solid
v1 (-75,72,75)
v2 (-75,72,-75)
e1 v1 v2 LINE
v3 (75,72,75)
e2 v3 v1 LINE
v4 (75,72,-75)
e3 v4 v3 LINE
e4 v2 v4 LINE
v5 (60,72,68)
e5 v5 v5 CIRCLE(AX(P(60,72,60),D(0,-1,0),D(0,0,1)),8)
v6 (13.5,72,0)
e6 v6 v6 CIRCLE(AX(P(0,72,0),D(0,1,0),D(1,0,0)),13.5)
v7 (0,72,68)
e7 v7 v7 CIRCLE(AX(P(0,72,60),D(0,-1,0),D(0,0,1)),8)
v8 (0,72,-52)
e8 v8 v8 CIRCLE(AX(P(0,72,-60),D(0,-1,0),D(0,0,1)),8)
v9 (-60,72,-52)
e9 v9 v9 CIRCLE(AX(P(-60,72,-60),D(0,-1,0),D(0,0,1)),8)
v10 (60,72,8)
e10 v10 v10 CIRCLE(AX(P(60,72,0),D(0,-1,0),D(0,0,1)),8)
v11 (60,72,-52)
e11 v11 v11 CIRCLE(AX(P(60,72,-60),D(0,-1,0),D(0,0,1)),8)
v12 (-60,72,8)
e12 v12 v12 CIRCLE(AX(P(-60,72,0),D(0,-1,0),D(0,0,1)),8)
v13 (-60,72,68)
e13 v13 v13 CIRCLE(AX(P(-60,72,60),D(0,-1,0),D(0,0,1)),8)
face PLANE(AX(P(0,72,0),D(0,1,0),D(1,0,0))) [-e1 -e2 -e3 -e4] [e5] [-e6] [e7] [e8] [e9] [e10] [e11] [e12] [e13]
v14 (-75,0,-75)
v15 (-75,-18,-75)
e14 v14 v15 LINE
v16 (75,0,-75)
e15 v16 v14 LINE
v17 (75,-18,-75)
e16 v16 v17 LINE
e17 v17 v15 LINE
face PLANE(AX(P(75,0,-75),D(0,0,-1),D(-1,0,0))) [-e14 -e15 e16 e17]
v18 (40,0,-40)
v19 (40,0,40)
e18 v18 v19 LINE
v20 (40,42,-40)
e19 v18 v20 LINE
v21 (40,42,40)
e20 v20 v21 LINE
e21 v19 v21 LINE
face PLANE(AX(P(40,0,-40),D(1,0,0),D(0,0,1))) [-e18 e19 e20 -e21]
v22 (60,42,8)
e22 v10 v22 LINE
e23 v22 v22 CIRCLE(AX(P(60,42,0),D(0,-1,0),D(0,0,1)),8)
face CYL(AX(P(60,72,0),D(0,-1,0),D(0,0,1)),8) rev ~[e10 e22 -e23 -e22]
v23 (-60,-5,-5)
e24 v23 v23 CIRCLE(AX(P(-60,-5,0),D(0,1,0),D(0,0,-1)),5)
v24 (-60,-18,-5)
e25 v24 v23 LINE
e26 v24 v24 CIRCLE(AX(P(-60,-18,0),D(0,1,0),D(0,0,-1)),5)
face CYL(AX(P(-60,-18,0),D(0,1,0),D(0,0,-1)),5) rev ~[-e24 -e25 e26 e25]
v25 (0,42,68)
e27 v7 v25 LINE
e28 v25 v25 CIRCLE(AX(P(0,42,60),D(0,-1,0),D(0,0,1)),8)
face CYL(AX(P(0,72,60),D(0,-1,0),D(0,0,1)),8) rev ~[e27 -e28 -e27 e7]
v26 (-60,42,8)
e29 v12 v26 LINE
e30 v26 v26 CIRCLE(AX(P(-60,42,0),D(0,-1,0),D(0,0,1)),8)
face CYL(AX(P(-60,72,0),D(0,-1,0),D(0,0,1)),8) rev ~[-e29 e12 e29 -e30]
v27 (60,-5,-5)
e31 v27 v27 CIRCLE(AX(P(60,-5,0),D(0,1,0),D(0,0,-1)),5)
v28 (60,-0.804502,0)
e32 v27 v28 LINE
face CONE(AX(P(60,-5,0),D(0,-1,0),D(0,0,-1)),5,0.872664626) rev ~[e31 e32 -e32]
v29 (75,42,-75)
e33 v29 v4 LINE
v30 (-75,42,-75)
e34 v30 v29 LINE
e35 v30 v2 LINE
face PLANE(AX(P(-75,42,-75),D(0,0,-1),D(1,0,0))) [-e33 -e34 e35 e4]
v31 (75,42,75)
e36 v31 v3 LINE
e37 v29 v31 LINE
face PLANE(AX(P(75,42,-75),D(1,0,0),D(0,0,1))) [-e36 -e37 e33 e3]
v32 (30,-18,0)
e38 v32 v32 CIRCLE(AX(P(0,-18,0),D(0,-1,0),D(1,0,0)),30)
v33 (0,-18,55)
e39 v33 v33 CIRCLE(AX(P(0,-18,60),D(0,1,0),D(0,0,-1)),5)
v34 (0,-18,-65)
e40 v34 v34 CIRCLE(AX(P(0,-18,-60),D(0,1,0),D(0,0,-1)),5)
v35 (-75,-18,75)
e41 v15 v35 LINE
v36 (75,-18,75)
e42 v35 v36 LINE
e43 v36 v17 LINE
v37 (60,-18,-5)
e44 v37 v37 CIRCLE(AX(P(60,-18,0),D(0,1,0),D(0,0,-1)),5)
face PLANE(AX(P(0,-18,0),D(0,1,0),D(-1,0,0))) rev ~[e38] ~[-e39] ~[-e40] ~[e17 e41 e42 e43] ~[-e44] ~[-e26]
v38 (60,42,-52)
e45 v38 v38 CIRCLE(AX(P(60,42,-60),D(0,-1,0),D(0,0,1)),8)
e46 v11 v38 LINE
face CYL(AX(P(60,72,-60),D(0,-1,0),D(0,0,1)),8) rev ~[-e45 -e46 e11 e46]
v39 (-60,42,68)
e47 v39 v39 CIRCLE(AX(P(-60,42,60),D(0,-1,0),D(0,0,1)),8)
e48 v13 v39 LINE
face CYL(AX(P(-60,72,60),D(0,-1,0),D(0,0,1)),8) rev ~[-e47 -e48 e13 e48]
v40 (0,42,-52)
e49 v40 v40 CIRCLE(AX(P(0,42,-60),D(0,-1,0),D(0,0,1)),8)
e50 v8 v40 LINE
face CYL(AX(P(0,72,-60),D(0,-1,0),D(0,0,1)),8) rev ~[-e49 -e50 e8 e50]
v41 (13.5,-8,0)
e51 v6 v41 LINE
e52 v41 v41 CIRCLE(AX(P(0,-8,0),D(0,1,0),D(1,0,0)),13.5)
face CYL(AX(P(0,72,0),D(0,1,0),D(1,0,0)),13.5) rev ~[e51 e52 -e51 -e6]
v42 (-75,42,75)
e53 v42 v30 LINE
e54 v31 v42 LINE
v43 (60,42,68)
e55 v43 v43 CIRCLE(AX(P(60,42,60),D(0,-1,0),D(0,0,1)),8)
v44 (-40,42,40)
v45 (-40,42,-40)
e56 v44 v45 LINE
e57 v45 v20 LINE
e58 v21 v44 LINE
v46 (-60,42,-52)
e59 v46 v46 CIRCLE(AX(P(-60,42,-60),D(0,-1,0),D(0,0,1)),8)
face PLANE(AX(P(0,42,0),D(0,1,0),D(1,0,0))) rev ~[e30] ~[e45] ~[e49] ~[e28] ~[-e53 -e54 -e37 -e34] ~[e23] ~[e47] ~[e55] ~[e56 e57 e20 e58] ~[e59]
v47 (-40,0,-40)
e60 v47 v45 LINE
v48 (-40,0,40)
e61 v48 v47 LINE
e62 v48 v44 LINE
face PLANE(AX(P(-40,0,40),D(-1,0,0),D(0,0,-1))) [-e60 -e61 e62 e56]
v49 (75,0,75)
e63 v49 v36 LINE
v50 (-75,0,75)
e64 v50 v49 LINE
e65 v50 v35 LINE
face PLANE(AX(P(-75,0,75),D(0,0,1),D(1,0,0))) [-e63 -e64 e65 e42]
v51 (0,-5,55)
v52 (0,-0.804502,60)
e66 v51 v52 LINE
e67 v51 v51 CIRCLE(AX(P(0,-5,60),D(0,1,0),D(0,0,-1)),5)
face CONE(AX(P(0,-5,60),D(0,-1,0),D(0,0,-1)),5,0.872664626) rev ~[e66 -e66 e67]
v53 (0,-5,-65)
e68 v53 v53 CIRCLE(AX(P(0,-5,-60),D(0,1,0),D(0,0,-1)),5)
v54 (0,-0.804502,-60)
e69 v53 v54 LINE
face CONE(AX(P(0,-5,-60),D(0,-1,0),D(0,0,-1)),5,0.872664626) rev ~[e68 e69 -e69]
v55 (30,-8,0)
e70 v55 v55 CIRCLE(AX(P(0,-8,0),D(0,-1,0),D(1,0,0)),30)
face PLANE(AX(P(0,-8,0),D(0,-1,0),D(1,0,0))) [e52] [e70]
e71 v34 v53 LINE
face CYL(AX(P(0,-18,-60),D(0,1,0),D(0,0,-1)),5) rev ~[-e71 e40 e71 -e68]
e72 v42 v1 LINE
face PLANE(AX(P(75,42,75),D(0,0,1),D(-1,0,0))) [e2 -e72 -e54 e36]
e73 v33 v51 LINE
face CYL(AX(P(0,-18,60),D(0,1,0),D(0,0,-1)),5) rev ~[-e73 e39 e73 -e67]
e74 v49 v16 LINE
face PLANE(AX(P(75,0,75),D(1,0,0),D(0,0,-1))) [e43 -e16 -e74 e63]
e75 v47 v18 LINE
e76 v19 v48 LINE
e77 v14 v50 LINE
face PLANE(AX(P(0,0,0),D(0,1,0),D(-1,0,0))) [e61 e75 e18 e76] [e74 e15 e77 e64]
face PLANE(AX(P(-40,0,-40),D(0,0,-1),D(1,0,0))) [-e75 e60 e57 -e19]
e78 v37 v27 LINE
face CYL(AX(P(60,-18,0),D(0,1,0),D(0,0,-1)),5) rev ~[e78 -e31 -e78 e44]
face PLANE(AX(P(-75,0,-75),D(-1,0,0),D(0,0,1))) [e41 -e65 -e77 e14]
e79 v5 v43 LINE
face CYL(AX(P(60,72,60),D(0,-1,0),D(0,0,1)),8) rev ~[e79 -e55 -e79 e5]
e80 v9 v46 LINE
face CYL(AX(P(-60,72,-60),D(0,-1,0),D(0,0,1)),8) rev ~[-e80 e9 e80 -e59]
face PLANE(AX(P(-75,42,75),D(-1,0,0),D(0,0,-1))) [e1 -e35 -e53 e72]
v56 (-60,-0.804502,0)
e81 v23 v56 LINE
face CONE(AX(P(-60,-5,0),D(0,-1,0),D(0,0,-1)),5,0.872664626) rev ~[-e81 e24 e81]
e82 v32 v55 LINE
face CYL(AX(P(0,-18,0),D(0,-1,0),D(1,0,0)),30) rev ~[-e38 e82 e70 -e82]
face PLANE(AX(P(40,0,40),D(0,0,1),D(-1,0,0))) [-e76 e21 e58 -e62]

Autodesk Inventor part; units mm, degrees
ref_plane "YZ Plane" through (0, 0, 0) normal (1, 0, 0) x (0, 1, 0)
ref_plane "XZ Plane" through (0, 0, 0) normal (0, 1, 0) x (-1, 0, 0)
ref_plane "XY Plane" through (0, 0, 0) normal (0, 0, 1) x (1, 0, 0)
sketch "Sketch1" plane through (0, 0, 0) normal (0, 1, 0) x (-1, 0, 0)
  line L0 (-75, -75) -> (75, -75)
  line L1 (75, -75) -> (75, 75)
  line L2 (75, 75) -> (-75, 75)
  line L3 (-75, 75) -> (-75, -75)
  line L4 (-75, -75) -> (75, 75) construction
  line L5 (75, -75) -> (-75, 75) construction
  point P0 (0, 0)
  dimension "d0" = 150
  dimension "d1" = 150
extrude "Extrusion1" add sketch "Sketch1" against normal blind 18
sketch "Sketch2" plane through (0, -18, 0) normal (0, -1, 0) x (1, 0, 0)
  circle A0 centre (0, 0) radius 30
  line L0 (-60, -60) -> (60, -60) construction
  line L1 (60, -60) -> (60, 60) construction
  line L2 (60, 60) -> (-60, 60) construction
  line L3 (-60, 60) -> (-60, -60) construction
  line L4 (-60, -60) -> (60, 60) construction
  line L5 (60, -60) -> (-60, 60) construction
  dimension "d4" = 60
  dimension "d5" = 120
  dimension "d6" = 120
extrude "Extrusion2" cut sketch "Sketch2" against normal blind 10
sketch "Sketch3" plane through (0, -18, 0) normal (0, -1, 0) x (1, 0, 0)
  line L0 (60, -60) -> (60, 60) construction
  line L1 (60, 60) -> (-60, 60) construction
  line L2 (-60, 60) -> (-60, -60) construction
  line L3 (-60, -60) -> (60, -60) construction
  point P0 (0, 0)
  point P1 (60, 0)
  point P2 (-60, 0)
  point P3 (0, 60)
  point P4 (0, -60)
hole "Hole1" at (0, -18, 60) at (-60, -18, 0) at (0, -18, -60) at (60, -18, 0) direction (0, 1, 0) diameter 10 depth 13 tip angle 100
sketch "Sketch4" plane through (0, 0, 0) normal (0, 1, 0) x (1, 0, 0)
  line L0 (40, -40) -> (-40, -40)
  line L1 (-40, -40) -> (-40, 40)
  line L2 (-40, 40) -> (40, 40)
  line L3 (40, 40) -> (40, -40)
  line L4 (40, -40) -> (-40, 40) construction
  line L5 (-40, -40) -> (40, 40) construction
  point P0 (0, 0)
  dimension "d16" = 80
  dimension "d17" = 80
extrude "Extrusion3" add sketch "Sketch4" along normal blind 42
sketch "Sketch5" plane through (0, 42, 0) normal (0, 1, 0) x (1, 0, 0)
  line L0 (75, -75) -> (-75, -75)
  line L1 (-75, -75) -> (-75, 75)
  line L2 (-75, 75) -> (75, 75)
  line L3 (75, 75) -> (75, -75)
  line L4 (75, -75) -> (-75, 75) construction
  line L5 (-75, -75) -> (75, 75) construction
  point P0 (0, 0)
extrude "Extrusion4" add sketch "Sketch5" along normal blind 30
sketch "Sketch6" plane through (0, 72, 0) normal (0, 1, 0) x (1, 0, 0)
  circle A0 centre (0, 0) radius 13.5
  dimension "d22" = 27
extrude "Extrusion5" cut sketch "Sketch6" against normal through all
sketch "Sketch7" plane through (0, 72, 0) normal (0, 1, 0) x (1, 0, 0)
  line L0 (60, 60) -> (-60, 60) construction
  line L1 (-60, 60) -> (-60, -60) construction
  line L2 (-60, -60) -> (60, -60) construction
  line L3 (60, -60) -> (60, 60) construction
  line L4 (60, 60) -> (-60, -60) construction
  line L5 (-60, 60) -> (60, -60) construction
  point P0 (0, 0)
  point P1 (0, 60)
  point P2 (-60, 0)
  point P3 (0, -60)
  point P4 (60, 0)
  dimension "d25" = 120
  dimension "d26" = 120
hole "Hole2" at (-60, 72, 60) at (0, 72, 60) at (60, 72, 60) at (60, 72, 0) at (60, 72, -60) at (0, 72, -60) at (-60, 72, -60) at (-60, 72, 0) direction (0, -1, 0) diameter 16 depth 30
thread "Thread2" size "M16x2" class "6H" standard "ANSI Metric M Profile" length 56
thread "Thread3" size "M16x2" class "6H" standard "ANSI Metric M Profile" length 56
thread "Thread4" size "M16x2" class "6H" standard "ANSI Metric M Profile" length 56
thread "Thread5" size "M16x2" class "6H" standard "ANSI Metric M Profile" length 56
thread "Thread6" size "M16x2" class "6H" standard "ANSI Metric M Profile" length 56
thread "Thread7" size "M16x2" class "6H" standard "ANSI Metric M Profile" length 56
thread "Thread8" size "M16x2" class "6H" standard "ANSI Metric M Profile" length 56
thread "Thread9" size "M16x2" class "6H" standard "ANSI Metric M Profile" length 56
properties material "Iron, Cast"
